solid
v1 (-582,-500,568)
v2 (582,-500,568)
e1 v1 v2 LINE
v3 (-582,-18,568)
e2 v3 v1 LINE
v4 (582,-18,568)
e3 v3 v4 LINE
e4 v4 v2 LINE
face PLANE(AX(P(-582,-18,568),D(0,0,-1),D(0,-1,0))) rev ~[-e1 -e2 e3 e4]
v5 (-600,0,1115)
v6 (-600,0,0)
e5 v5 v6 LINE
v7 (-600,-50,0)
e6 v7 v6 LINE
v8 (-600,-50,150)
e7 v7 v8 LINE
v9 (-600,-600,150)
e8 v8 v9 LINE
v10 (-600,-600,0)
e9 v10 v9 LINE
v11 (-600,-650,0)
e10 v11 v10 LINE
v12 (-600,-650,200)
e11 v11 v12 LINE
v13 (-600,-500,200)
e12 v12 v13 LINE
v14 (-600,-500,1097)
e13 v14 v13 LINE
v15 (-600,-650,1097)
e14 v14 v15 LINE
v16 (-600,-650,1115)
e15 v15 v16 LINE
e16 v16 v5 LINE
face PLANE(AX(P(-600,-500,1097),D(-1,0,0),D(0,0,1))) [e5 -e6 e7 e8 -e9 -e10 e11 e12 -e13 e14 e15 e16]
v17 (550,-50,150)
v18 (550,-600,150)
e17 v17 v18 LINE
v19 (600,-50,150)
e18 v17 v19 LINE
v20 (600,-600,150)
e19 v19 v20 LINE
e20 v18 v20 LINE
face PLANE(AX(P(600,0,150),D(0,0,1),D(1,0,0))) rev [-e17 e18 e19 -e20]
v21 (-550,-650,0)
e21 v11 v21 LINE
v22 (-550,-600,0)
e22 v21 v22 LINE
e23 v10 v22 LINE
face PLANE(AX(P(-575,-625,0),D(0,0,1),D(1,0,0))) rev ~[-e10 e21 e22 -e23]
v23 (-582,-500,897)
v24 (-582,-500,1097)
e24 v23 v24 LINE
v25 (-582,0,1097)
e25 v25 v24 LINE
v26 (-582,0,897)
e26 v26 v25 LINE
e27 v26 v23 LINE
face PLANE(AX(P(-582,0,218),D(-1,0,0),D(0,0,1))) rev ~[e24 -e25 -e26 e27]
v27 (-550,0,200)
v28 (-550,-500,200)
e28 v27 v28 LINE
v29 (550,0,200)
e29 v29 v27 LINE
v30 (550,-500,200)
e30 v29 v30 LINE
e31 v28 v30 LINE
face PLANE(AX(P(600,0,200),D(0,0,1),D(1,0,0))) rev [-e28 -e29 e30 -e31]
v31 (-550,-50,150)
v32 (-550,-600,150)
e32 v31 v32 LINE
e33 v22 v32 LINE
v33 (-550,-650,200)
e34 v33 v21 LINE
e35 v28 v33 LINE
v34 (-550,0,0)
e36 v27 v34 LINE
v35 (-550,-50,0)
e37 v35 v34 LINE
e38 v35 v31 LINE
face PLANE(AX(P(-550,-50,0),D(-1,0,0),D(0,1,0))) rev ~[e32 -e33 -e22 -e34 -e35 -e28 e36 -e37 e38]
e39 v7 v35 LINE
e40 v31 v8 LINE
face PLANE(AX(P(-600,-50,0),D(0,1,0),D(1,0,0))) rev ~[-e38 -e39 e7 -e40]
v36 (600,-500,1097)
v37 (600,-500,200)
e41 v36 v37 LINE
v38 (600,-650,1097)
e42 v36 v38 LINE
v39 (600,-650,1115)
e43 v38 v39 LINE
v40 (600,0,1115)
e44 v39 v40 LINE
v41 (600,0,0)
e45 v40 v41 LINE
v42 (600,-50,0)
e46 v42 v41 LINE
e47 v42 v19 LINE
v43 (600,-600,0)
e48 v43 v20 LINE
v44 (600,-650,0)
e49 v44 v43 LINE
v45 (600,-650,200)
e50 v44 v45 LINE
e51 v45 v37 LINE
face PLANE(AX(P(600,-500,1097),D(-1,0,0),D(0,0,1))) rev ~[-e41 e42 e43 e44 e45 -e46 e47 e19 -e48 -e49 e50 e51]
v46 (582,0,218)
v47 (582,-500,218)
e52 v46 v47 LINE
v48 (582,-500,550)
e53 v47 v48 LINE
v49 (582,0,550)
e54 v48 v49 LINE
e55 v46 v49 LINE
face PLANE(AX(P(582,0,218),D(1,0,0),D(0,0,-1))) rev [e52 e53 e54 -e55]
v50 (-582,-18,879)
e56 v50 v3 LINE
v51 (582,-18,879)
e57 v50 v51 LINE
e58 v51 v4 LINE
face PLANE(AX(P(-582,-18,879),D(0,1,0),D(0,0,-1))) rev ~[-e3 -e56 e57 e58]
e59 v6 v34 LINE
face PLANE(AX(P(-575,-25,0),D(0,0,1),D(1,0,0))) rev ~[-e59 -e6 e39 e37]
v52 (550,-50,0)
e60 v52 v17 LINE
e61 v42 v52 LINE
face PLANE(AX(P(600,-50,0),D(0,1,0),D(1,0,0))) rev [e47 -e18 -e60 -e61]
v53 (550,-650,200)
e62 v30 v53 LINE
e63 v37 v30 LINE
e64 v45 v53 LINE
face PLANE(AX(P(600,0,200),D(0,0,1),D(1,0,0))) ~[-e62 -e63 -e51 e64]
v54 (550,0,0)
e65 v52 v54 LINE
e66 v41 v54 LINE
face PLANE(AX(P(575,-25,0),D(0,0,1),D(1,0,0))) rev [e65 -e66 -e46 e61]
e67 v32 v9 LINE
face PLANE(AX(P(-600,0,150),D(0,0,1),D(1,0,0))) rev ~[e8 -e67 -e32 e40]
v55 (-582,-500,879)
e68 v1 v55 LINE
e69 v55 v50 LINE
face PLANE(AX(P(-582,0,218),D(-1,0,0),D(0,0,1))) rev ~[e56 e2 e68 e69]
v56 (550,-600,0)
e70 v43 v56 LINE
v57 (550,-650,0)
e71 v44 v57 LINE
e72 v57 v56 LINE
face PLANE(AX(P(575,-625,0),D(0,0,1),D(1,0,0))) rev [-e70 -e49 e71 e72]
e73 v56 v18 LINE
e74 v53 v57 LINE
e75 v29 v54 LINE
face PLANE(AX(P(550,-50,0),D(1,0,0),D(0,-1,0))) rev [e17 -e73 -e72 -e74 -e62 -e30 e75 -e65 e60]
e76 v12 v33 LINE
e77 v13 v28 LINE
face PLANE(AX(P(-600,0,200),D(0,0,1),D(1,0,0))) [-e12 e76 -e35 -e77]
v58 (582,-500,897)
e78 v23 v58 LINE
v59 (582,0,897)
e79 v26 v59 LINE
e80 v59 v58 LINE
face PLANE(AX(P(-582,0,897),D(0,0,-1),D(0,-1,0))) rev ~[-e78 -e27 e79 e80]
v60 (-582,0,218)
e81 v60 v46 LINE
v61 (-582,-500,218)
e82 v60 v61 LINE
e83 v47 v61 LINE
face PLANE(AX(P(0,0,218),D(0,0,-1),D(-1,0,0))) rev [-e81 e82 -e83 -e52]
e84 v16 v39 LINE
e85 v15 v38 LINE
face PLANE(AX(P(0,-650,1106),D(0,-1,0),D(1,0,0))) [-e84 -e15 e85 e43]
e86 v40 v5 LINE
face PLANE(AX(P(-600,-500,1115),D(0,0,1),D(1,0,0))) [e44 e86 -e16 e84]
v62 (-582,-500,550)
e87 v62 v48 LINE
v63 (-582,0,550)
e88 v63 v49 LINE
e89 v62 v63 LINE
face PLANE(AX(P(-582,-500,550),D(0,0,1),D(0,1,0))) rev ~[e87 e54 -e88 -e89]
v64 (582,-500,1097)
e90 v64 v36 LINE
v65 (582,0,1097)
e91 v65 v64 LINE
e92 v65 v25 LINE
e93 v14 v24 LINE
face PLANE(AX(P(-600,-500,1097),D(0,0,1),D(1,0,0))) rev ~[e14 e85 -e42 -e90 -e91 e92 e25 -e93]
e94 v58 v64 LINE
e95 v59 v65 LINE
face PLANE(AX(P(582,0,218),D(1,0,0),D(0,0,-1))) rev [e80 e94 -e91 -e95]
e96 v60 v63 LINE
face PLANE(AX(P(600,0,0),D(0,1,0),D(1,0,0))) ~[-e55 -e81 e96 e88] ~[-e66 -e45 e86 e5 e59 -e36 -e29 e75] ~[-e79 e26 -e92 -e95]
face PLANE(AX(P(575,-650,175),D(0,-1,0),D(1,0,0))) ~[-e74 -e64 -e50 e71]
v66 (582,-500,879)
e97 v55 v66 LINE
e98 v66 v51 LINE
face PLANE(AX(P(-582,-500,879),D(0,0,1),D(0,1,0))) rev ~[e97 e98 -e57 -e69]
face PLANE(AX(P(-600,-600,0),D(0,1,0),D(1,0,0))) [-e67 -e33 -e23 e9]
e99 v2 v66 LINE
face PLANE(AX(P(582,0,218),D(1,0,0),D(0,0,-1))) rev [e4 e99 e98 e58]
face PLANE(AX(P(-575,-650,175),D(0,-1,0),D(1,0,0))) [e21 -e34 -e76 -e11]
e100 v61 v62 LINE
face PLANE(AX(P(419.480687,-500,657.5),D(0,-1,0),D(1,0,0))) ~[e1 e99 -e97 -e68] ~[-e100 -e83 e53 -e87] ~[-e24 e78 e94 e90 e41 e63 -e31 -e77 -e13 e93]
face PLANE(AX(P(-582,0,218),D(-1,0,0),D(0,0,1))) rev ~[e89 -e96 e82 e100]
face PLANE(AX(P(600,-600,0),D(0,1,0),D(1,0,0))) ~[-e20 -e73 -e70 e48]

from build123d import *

# Parameters (mm, degrees)
F1_DEPTH  = 500
F3_W      = 50
F3_H      = 50
F4_DEPTH  = 650
F5_W      = 50
F5_H      = 50
F6_DEPTH  = 200
F8_W      = 1200
F8_H      = 18
F9_DEPTH  = 150
F11_DEPTH = 1164


with BuildPart() as f1:
    # F0 (on Front) → F1 (new body)
    with BuildSketch(Plane.XZ):
        Polygon((0, 1115), (-600, 1115), (-600, 200), (0, 200), (0, 218), (-582, 218), (-582, 1097), (0, 1097), align=None)
    extrude(amount=F1_DEPTH)

    # F3 (on offset) → F4 (join)
    with BuildSketch(Plane.XZ):
        with Locations((-575, 175)):
            Rectangle(F3_W, F3_H)
    extrude(amount=F4_DEPTH)

    # F5 (on Top) → F6 (join)
    with BuildSketch(Plane.XY):
        with Locations((-575, -25)):
            Rectangle(F5_W, F5_H)
        with Locations((-575, -625)):
            Rectangle(F5_W, F5_H)
    extrude(amount=F6_DEPTH)

    # F7: F1 across plane


with BuildPart() as f1_1:
    add(f1.part)
    add(f1.part.mirror(Plane.YZ))

    # F8 (on face) → F9 (join)
    with BuildSketch(Plane.XZ.offset(500)):
        with Locations((0, 1106)):
            Rectangle(F8_W, F8_H)
    extrude(amount=F9_DEPTH)

    # F10 (on face) → F11 (join, through all)
    with BuildSketch(Plane.YZ.offset(-582)):
        Polygon((0, 897), (-500, 897), (-500, 879), (-18, 879), (-18, 568), (-500, 568), (-500, 550), (0, 550), align=None)
    extrude(amount=F11_DEPTH)


solid = f1_1.part
